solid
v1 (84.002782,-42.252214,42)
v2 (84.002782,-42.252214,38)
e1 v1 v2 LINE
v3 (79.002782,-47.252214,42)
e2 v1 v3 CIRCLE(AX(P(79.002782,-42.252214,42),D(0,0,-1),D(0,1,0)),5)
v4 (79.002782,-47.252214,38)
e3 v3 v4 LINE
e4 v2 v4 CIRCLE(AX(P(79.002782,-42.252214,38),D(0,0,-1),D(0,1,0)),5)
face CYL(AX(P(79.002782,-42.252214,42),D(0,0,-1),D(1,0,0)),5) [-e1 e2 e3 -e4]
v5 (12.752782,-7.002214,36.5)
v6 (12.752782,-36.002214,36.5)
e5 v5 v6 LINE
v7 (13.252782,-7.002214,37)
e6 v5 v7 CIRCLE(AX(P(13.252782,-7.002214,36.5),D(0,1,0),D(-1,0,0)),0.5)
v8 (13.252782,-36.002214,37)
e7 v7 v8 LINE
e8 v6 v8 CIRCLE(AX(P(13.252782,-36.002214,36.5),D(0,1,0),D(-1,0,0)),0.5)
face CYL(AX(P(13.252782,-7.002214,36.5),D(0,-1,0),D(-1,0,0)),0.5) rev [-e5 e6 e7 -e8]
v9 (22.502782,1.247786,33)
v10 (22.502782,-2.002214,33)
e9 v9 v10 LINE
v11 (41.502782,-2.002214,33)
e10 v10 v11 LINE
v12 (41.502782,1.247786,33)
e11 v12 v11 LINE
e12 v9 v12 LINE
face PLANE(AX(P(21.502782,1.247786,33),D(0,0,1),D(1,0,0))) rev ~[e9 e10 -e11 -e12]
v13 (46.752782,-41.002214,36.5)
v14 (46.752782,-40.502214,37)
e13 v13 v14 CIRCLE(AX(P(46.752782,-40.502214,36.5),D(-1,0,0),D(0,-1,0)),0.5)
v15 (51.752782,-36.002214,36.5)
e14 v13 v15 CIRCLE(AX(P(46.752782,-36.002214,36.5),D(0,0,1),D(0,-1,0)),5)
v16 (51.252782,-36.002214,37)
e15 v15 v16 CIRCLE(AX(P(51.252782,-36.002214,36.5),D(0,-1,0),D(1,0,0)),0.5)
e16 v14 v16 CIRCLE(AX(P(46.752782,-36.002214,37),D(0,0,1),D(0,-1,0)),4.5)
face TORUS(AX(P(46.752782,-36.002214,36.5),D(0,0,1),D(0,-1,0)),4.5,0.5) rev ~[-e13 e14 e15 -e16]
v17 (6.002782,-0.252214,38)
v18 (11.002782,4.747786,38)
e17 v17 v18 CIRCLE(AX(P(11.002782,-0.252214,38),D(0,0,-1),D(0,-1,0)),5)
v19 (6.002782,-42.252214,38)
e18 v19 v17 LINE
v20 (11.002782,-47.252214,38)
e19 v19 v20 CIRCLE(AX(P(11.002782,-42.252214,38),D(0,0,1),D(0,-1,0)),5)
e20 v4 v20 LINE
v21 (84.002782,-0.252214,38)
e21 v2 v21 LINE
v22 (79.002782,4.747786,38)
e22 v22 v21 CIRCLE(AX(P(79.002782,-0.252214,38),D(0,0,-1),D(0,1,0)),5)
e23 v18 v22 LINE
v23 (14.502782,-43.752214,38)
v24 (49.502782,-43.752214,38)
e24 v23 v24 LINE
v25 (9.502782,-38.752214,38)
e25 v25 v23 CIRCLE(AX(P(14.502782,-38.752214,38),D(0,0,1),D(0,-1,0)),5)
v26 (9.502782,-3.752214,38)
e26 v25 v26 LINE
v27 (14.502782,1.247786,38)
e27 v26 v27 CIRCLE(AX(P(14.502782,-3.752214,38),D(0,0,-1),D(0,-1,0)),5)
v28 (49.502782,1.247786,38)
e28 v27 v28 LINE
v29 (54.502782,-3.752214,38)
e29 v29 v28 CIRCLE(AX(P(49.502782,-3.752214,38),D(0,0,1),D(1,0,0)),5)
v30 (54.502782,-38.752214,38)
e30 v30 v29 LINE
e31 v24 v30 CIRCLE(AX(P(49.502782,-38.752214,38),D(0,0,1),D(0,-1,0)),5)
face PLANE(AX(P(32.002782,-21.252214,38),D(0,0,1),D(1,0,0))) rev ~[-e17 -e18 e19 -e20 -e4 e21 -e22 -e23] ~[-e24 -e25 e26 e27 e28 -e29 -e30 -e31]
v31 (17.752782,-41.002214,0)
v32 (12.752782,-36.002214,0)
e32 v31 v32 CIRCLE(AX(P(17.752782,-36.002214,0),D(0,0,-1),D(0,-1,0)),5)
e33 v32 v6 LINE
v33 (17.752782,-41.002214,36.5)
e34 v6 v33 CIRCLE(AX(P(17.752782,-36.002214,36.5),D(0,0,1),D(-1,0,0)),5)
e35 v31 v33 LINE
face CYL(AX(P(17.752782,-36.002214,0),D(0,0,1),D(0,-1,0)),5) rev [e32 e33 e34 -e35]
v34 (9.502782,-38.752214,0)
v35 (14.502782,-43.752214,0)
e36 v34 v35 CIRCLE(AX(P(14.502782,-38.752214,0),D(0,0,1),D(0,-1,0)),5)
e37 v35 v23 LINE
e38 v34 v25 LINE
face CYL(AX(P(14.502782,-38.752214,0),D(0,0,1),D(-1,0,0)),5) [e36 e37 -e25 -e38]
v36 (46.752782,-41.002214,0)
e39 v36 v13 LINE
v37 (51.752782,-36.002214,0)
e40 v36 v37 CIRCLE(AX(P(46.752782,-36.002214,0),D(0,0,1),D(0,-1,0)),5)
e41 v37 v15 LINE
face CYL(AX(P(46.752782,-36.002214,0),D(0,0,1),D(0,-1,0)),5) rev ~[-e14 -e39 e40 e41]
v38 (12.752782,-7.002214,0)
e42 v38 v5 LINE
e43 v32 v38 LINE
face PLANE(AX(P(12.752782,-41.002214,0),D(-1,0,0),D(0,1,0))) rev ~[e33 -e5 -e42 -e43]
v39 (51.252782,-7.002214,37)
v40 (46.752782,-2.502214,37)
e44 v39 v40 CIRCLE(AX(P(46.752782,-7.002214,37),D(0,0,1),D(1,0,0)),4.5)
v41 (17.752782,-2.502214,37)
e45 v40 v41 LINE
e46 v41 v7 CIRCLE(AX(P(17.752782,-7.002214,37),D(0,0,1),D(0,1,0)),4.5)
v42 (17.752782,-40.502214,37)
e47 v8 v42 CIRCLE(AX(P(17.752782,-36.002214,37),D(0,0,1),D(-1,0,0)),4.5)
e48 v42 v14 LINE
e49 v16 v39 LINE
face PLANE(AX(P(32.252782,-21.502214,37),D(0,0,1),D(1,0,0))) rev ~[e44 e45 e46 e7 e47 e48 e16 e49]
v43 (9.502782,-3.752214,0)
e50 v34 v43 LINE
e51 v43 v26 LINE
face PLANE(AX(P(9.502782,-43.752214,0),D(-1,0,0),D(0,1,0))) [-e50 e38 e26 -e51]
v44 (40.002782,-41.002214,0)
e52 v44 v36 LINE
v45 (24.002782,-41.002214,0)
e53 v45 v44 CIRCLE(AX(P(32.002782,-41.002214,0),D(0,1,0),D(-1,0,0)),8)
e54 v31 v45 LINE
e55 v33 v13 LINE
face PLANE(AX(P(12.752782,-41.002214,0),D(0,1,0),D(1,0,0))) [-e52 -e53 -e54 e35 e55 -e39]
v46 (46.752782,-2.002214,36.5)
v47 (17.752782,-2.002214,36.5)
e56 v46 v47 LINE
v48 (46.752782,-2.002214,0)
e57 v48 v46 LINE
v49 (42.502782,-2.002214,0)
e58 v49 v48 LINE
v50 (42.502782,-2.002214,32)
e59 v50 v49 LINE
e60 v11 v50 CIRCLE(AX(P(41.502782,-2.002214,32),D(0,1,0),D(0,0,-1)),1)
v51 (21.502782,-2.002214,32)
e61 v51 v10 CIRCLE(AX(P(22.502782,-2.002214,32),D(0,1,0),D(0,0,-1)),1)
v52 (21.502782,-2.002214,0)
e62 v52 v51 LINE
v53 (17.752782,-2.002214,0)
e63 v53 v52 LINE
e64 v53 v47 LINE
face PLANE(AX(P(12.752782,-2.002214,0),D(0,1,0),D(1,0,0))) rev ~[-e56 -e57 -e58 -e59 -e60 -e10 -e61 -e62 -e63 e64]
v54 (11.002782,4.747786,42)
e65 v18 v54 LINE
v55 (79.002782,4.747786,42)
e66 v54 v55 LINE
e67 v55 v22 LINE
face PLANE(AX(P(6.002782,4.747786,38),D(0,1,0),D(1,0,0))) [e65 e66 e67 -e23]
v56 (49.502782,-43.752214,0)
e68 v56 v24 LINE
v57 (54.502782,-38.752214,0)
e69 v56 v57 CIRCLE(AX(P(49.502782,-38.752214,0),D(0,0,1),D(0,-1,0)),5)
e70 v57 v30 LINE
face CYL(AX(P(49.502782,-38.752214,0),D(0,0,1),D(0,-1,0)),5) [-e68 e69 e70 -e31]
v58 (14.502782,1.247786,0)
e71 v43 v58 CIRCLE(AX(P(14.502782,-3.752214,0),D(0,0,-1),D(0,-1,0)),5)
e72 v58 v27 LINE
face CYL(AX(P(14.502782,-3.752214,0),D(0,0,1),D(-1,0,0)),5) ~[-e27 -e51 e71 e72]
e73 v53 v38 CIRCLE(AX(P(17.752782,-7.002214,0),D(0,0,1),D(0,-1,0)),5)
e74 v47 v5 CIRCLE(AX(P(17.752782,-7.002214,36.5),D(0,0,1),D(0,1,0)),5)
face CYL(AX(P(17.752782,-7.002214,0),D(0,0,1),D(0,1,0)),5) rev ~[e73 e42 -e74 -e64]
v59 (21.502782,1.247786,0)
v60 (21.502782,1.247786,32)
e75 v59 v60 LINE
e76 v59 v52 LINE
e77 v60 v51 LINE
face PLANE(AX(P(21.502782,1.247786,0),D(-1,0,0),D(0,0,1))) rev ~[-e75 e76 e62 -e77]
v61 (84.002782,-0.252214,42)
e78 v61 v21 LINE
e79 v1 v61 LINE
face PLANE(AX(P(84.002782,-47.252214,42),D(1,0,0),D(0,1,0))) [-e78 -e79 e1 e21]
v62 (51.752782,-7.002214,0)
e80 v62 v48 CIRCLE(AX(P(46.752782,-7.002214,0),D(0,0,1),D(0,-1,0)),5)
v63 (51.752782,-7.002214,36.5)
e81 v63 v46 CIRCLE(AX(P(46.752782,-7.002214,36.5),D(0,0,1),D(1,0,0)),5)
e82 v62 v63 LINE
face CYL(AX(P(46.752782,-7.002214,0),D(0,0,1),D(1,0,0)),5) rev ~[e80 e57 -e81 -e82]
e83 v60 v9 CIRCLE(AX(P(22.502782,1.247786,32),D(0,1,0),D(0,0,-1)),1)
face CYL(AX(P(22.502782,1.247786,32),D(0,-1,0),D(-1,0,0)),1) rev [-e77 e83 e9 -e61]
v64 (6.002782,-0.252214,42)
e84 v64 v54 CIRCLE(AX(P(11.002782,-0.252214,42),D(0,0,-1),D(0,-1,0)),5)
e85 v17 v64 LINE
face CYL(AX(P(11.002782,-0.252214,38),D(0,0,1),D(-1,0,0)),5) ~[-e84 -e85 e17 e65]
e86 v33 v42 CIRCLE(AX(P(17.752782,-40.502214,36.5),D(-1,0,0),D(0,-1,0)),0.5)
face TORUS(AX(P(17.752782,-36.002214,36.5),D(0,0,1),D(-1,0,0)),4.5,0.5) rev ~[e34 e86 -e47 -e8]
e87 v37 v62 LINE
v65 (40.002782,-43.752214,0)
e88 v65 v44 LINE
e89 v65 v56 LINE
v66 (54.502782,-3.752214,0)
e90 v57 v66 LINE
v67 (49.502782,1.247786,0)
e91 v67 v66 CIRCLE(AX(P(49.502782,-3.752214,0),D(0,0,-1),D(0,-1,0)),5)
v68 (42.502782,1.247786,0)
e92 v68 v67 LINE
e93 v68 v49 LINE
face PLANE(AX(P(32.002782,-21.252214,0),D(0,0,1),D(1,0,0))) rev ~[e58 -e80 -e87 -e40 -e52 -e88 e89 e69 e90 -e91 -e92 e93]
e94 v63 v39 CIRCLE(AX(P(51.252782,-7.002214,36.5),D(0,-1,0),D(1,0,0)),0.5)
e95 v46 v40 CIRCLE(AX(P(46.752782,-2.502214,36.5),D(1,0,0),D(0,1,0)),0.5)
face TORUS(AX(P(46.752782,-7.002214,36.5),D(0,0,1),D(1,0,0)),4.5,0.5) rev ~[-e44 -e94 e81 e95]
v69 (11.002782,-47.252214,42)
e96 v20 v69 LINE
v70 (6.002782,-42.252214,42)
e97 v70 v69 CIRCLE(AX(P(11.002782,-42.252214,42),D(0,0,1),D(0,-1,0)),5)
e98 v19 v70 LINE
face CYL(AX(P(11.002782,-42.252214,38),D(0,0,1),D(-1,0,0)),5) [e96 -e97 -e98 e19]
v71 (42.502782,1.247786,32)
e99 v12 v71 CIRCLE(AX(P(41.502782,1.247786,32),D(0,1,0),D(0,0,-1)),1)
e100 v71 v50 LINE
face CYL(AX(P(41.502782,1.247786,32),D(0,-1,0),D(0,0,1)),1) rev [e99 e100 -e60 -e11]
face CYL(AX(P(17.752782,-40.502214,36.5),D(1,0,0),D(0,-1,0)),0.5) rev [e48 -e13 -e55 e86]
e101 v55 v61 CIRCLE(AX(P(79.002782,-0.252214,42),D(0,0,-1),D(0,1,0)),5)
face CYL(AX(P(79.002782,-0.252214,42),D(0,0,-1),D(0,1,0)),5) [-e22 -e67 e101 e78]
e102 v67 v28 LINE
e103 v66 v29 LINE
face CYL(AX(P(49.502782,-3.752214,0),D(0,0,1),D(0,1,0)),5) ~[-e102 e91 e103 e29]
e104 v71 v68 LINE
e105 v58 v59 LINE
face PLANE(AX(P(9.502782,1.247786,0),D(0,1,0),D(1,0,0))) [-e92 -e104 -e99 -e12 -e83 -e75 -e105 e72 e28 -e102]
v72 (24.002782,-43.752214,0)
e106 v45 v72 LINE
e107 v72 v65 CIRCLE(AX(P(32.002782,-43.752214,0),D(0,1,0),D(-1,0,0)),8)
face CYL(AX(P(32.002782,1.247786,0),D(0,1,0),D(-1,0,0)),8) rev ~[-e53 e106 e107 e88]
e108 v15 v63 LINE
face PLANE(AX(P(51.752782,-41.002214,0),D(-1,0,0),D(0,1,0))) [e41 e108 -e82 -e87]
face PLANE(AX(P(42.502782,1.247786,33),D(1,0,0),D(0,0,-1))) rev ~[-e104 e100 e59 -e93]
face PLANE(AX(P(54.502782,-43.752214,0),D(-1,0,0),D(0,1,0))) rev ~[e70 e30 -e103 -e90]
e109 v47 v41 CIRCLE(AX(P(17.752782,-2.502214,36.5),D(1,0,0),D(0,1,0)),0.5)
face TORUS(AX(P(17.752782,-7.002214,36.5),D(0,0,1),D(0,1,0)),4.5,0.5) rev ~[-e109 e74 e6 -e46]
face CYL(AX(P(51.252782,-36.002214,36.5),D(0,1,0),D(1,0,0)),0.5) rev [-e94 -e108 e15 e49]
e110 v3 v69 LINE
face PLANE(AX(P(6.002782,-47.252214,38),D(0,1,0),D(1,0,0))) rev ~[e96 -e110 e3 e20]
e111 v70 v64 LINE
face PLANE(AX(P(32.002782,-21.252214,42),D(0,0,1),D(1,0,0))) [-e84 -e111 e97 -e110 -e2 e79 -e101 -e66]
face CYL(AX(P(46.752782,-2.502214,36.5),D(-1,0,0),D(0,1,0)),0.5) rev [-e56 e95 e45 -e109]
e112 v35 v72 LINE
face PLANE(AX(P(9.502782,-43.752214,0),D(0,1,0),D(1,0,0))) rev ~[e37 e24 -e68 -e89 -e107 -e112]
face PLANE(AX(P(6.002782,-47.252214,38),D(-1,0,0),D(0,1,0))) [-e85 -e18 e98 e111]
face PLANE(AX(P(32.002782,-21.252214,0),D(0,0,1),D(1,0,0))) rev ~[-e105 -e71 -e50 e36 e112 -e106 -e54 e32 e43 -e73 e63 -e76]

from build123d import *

# Parameters (mm, degrees)
F1_W      = 45
F1_H      = 45
F2_DEPTH  = 38
F0_W      = 39
F0_H      = 39
F3_DEPTH  = 37
F4_R      = 5
F5_R      = 0.5
F6_R      = 5
F7_R      = 8
F8_DEPTH  = 45.001
F9_W      = 52
F9_H      = 52
F10_DEPTH = 4
F11_R     = 5
F13_DEPTH = 11.9
F14_R     = 1
F16_W     = 31
F16_H     = 52
F17_DEPTH = 4
F18_R     = 5


with BuildPart() as f2:
    # F1 (on Top) → F2 (new body)
    with BuildSketch(Plane.XY):
        with Locations((32.002782, -21.252214)):
            Rectangle(F1_W, F1_H)
    extrude(amount=F2_DEPTH)

    # F0 (on Top) → F3 (cut)
    with BuildSketch(Plane.XY):
        with Locations((32.252782, -21.502214)):
            Rectangle(F0_W, F0_H)
    extrude(amount=F3_DEPTH, mode=Mode.SUBTRACT)

    # F4
    f4_edges = [f2.edges().sort_by_distance(p)[0] for p in [
        (12.752782, -41.002214, 18.5),
        (51.752782, -41.002214, 18.5),
        (51.752782, -2.002214, 18.5),
        (12.752782, -2.002214, 18.5),
    ]]
    fillet(f4_edges, radius=F4_R)

    # F5
    f5_edges = [f2.edges().sort_by_distance(p)[0] for p in [
        (51.752782, -21.502214, 37),
    ]]
    fillet(f5_edges, radius=F5_R)

    # F6
    f6_edges = [f2.edges().sort_by_distance(p)[0] for p in [
        (54.502782, 1.247786, 19),
        (54.502782, -43.752214, 19),
        (9.502782, -43.752214, 19),
        (9.502782, 1.247786, 19),
    ]]
    fillet(f6_edges, radius=F6_R)

    # F7 (on face) → F8 (cut, through all)
    with BuildSketch(Plane(origin=(0, 1.247786, 0), x_dir=(-1, 0, 0), z_dir=(0, 1, 0))):
        with Locations((-32.002782, 0)):
            Circle(F7_R)
    extrude(amount=-F8_DEPTH, mode=Mode.SUBTRACT)

    # F9 (on face) → F10 (join)
    with BuildSketch(Plane.XY.offset(38)):
        with Locations((32.002782, -21.252214)):
            Rectangle(F9_W, F9_H)
    extrude(amount=F10_DEPTH)

    # F11
    f11_edges = [f2.edges().sort_by_distance(p)[0] for p in [
        (6.002782, 4.747786, 40),
        (58.002782, 4.747786, 40),
        (58.002782, -47.252214, 40),
        (6.002782, -47.252214, 40),
    ]]
    fillet(f11_edges, radius=F11_R)

    # F12 (on face) → F13 (cut)
    with BuildSketch(Plane(origin=(0, 1.247786, 0), x_dir=(-1, 0, 0), z_dir=(0, 1, 0))):
        with BuildLine():
            Line((-42.502782, 33), (-42.502782, 0))
            Line((-42.502782, 0), (-40.002782, 0))
            ThreePointArc((-40.002782, 0), (-32.002782, 8), (-24.002782, 0))
            Line((-24.002782, 0), (-21.502782, 0))
            Line((-21.502782, 0), (-21.502782, 33))
            Line((-21.502782, 33), (-42.502782, 33))
        make_face()
    extrude(amount=-F13_DEPTH, mode=Mode.SUBTRACT)

    # F14
    f14_edges = [f2.edges().sort_by_distance(p)[0] for p in [
        (21.502782, -0.377214, 33),
        (42.502782, -0.377214, 33),
    ]]
    fillet(f14_edges, radius=F14_R)

    # F16 (on face) → F17 (join)
    with BuildSketch(Plane.XY.offset(42)):
        with Locations((68.502782, -21.252214)):
            Rectangle(F16_W, F16_H)
    extrude(amount=-F17_DEPTH)

    # F18
    f18_edges = [f2.edges().sort_by_distance(p)[0] for p in [
        (84.002782, 4.747786, 40),
        (84.002782, -47.252214, 40),
    ]]
    fillet(f18_edges, radius=F18_R)


solid = f2.part
